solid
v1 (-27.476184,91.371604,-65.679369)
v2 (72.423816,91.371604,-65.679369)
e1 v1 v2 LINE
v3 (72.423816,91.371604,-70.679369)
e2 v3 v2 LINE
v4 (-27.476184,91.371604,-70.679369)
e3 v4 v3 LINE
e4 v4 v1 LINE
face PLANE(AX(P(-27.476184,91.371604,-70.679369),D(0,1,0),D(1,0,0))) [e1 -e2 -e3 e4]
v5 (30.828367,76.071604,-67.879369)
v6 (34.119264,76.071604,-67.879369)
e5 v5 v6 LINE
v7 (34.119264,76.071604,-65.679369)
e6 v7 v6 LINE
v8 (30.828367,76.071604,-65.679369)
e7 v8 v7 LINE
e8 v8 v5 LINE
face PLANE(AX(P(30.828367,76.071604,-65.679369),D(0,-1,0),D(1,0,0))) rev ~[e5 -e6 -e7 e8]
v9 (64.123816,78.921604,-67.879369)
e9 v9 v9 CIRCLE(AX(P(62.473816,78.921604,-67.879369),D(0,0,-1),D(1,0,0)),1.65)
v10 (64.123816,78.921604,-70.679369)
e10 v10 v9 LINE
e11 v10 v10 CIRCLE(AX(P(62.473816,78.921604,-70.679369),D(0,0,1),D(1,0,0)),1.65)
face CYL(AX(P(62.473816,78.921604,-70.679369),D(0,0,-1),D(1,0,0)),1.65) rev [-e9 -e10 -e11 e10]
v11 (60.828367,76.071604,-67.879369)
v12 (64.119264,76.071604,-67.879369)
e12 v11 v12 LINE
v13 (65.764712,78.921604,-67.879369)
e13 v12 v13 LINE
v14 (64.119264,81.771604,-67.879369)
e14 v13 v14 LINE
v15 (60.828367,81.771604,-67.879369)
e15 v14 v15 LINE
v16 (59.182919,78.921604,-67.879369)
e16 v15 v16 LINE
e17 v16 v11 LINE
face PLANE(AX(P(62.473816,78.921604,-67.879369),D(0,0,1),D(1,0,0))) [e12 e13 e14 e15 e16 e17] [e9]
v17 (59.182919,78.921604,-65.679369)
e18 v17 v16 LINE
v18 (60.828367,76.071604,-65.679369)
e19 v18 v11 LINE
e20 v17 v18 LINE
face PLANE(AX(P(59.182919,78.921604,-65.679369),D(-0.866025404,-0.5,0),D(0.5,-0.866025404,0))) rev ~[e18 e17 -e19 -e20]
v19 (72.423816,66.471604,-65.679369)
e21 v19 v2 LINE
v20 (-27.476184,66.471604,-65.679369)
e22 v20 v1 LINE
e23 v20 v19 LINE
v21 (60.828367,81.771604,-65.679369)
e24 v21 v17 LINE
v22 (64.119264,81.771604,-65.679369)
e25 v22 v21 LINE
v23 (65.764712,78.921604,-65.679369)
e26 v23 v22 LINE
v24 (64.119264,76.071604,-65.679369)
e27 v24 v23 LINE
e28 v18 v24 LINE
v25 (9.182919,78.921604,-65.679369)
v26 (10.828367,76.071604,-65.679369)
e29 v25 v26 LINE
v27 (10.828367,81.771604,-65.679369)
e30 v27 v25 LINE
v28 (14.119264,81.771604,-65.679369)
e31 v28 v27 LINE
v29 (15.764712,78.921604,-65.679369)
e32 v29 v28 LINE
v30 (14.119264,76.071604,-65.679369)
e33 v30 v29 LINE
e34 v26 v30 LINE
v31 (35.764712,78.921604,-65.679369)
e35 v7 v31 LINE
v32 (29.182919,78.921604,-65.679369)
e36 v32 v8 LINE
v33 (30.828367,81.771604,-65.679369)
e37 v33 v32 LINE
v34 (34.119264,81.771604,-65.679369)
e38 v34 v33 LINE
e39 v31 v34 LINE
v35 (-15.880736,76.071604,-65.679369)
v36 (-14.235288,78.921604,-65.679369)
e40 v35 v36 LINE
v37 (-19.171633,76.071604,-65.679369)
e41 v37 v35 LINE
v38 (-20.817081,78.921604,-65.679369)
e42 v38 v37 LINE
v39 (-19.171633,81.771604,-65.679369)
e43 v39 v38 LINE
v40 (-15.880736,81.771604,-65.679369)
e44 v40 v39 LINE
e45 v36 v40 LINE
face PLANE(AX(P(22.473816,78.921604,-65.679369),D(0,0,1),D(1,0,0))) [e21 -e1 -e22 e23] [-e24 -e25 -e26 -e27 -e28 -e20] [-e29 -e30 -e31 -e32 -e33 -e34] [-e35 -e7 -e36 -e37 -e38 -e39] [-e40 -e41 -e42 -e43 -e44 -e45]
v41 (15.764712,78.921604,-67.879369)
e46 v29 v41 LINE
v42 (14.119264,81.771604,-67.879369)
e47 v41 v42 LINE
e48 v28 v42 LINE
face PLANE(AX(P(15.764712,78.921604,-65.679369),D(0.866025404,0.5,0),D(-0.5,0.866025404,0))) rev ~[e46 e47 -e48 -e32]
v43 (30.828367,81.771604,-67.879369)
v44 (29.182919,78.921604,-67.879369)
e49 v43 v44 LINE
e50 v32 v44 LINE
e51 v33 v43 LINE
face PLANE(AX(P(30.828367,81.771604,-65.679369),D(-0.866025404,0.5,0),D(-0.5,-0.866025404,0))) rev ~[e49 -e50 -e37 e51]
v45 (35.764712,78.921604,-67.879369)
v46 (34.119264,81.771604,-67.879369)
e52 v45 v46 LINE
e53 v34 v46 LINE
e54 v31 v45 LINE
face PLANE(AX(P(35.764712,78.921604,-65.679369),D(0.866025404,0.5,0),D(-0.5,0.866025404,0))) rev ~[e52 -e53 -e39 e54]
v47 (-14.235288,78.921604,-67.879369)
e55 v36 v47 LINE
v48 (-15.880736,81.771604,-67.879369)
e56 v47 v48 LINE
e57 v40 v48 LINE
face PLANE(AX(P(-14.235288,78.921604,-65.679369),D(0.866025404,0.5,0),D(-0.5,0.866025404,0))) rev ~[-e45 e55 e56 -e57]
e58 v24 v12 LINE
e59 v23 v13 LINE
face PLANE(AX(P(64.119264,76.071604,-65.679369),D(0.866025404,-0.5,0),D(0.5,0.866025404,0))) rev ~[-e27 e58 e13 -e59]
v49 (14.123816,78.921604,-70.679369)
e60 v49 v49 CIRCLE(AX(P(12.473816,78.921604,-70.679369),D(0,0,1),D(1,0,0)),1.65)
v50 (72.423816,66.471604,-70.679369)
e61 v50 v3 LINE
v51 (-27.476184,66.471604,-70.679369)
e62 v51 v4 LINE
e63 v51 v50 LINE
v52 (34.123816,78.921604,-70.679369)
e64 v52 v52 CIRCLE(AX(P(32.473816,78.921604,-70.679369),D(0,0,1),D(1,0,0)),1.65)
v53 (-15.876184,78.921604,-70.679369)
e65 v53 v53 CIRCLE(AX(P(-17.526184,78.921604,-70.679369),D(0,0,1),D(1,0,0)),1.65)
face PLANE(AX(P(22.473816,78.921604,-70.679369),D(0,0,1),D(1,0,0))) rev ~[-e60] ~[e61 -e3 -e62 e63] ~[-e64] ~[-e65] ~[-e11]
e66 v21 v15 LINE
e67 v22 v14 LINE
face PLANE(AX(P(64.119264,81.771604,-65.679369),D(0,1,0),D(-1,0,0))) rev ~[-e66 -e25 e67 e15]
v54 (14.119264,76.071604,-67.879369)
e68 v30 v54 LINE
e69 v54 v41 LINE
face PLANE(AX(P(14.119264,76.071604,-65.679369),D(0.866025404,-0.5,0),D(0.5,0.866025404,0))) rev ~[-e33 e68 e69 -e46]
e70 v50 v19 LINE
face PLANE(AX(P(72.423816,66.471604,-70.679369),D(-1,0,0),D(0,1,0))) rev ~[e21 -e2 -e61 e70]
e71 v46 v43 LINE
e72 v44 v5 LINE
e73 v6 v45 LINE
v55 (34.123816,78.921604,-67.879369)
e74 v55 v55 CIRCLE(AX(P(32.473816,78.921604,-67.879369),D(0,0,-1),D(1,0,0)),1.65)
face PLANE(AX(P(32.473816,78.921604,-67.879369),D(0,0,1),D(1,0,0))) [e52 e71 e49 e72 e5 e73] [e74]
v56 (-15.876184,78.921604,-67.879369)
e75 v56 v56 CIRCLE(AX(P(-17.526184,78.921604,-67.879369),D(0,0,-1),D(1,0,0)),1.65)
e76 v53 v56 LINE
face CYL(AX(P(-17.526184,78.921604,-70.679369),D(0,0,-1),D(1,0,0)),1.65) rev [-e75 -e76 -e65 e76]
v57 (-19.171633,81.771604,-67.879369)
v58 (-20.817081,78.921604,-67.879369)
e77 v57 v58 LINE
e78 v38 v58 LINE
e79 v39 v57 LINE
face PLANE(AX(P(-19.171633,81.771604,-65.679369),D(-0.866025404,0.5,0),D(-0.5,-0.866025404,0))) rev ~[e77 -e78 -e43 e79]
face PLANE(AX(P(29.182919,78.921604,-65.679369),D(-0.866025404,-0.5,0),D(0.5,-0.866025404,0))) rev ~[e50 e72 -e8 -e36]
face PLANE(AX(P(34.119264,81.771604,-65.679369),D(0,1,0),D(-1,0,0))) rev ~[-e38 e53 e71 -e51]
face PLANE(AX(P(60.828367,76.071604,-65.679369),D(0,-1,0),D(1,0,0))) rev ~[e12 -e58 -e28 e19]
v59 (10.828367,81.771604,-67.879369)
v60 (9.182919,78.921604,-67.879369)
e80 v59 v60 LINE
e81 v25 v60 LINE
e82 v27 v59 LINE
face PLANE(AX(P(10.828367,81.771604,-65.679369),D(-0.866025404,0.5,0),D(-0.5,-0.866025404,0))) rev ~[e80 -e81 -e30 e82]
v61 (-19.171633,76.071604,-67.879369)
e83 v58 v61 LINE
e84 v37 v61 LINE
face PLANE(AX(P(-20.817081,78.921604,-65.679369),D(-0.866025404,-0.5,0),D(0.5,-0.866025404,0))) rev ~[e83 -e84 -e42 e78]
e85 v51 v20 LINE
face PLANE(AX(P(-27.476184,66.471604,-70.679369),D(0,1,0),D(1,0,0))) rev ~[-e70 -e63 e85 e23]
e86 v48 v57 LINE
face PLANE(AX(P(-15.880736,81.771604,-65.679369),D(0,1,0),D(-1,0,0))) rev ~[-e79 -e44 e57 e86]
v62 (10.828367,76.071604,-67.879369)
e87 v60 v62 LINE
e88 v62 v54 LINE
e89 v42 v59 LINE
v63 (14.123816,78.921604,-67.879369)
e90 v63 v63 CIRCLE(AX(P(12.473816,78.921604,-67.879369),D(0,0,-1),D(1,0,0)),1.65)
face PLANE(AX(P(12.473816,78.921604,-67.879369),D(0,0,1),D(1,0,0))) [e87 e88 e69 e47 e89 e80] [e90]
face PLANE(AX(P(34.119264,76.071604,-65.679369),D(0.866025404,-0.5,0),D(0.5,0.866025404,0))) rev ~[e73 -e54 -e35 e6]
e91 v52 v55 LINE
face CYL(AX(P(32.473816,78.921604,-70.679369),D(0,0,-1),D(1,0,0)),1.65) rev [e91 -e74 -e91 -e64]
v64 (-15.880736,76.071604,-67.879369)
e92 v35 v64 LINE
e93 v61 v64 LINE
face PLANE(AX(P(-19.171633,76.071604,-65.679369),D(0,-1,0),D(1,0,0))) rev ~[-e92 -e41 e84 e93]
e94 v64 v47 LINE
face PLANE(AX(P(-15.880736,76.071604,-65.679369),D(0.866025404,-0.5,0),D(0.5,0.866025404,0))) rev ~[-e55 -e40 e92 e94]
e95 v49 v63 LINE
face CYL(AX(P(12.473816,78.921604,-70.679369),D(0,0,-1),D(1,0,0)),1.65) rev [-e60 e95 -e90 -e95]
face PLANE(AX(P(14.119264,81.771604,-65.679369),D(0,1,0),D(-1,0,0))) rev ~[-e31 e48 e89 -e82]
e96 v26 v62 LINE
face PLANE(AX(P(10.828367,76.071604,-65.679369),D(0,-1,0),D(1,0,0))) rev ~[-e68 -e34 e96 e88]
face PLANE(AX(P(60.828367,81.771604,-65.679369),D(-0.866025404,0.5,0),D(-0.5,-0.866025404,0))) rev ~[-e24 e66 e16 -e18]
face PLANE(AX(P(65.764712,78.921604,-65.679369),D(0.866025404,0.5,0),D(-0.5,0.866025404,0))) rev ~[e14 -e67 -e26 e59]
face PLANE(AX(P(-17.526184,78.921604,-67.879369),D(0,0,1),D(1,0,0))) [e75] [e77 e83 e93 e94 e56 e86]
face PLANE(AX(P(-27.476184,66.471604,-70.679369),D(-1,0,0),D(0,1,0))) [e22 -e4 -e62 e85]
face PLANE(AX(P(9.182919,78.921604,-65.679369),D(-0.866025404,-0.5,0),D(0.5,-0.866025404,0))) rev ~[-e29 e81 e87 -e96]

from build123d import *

# Parameters (mm, degrees)
SKETCH1_W           = 99.9
SKETCH1_H           = 24.9
SKETCH1_R           = 1.65
BOSS_EXTRUDE1_DEPTH = 5
CUT_EXTRUDE1_DEPTH  = 2.2


with BuildPart() as part:
    # Sketch1 → Boss-Extrude1 (new body)
    with BuildSketch(Plane.XY.offset(-70.679368873)):
        with Locations((22.473815584, 78.921604181)):
            Rectangle(SKETCH1_W, SKETCH1_H)
        with Locations((-17.526184416, 78.921604181)):
            Circle(SKETCH1_R, mode=Mode.SUBTRACT)
        with Locations((12.473815584, 78.921604181)):
            Circle(SKETCH1_R, mode=Mode.SUBTRACT)
        with Locations((32.473815584, 78.921604181)):
            Circle(SKETCH1_R, mode=Mode.SUBTRACT)
        with Locations((62.473815584, 78.921604181)):
            Circle(SKETCH1_R, mode=Mode.SUBTRACT)
    extrude(amount=BOSS_EXTRUDE1_DEPTH)

    # Sketch2 → Cut-Extrude1 (cut)
    with BuildSketch(Plane.XY.offset(-65.679368873)):
        Polygon((-15.880736149, 76.071604181), (-14.235287881, 78.921604181), (-15.880736149, 81.771604181), (-19.171632683, 81.771604181), (-20.81708095, 78.921604181), (-19.171632683, 76.071604181), align=None)
        Polygon((14.119263851, 76.071604181), (15.764712119, 78.921604181), (14.119263851, 81.771604181), (10.828367317, 81.771604181), (9.18291905, 78.921604181), (10.828367317, 76.071604181), align=None)
        Polygon((34.119263851, 76.071604181), (35.764712119, 78.921604181), (34.119263851, 81.771604181), (30.828367317, 81.771604181), (29.18291905, 78.921604181), (30.828367317, 76.071604181), align=None)
        Polygon((64.119263851, 76.071604181), (65.764712119, 78.921604181), (64.119263851, 81.771604181), (60.828367317, 81.771604181), (59.18291905, 78.921604181), (60.828367317, 76.071604181), align=None)
    extrude(amount=-CUT_EXTRUDE1_DEPTH, mode=Mode.SUBTRACT)


solid = part.part
